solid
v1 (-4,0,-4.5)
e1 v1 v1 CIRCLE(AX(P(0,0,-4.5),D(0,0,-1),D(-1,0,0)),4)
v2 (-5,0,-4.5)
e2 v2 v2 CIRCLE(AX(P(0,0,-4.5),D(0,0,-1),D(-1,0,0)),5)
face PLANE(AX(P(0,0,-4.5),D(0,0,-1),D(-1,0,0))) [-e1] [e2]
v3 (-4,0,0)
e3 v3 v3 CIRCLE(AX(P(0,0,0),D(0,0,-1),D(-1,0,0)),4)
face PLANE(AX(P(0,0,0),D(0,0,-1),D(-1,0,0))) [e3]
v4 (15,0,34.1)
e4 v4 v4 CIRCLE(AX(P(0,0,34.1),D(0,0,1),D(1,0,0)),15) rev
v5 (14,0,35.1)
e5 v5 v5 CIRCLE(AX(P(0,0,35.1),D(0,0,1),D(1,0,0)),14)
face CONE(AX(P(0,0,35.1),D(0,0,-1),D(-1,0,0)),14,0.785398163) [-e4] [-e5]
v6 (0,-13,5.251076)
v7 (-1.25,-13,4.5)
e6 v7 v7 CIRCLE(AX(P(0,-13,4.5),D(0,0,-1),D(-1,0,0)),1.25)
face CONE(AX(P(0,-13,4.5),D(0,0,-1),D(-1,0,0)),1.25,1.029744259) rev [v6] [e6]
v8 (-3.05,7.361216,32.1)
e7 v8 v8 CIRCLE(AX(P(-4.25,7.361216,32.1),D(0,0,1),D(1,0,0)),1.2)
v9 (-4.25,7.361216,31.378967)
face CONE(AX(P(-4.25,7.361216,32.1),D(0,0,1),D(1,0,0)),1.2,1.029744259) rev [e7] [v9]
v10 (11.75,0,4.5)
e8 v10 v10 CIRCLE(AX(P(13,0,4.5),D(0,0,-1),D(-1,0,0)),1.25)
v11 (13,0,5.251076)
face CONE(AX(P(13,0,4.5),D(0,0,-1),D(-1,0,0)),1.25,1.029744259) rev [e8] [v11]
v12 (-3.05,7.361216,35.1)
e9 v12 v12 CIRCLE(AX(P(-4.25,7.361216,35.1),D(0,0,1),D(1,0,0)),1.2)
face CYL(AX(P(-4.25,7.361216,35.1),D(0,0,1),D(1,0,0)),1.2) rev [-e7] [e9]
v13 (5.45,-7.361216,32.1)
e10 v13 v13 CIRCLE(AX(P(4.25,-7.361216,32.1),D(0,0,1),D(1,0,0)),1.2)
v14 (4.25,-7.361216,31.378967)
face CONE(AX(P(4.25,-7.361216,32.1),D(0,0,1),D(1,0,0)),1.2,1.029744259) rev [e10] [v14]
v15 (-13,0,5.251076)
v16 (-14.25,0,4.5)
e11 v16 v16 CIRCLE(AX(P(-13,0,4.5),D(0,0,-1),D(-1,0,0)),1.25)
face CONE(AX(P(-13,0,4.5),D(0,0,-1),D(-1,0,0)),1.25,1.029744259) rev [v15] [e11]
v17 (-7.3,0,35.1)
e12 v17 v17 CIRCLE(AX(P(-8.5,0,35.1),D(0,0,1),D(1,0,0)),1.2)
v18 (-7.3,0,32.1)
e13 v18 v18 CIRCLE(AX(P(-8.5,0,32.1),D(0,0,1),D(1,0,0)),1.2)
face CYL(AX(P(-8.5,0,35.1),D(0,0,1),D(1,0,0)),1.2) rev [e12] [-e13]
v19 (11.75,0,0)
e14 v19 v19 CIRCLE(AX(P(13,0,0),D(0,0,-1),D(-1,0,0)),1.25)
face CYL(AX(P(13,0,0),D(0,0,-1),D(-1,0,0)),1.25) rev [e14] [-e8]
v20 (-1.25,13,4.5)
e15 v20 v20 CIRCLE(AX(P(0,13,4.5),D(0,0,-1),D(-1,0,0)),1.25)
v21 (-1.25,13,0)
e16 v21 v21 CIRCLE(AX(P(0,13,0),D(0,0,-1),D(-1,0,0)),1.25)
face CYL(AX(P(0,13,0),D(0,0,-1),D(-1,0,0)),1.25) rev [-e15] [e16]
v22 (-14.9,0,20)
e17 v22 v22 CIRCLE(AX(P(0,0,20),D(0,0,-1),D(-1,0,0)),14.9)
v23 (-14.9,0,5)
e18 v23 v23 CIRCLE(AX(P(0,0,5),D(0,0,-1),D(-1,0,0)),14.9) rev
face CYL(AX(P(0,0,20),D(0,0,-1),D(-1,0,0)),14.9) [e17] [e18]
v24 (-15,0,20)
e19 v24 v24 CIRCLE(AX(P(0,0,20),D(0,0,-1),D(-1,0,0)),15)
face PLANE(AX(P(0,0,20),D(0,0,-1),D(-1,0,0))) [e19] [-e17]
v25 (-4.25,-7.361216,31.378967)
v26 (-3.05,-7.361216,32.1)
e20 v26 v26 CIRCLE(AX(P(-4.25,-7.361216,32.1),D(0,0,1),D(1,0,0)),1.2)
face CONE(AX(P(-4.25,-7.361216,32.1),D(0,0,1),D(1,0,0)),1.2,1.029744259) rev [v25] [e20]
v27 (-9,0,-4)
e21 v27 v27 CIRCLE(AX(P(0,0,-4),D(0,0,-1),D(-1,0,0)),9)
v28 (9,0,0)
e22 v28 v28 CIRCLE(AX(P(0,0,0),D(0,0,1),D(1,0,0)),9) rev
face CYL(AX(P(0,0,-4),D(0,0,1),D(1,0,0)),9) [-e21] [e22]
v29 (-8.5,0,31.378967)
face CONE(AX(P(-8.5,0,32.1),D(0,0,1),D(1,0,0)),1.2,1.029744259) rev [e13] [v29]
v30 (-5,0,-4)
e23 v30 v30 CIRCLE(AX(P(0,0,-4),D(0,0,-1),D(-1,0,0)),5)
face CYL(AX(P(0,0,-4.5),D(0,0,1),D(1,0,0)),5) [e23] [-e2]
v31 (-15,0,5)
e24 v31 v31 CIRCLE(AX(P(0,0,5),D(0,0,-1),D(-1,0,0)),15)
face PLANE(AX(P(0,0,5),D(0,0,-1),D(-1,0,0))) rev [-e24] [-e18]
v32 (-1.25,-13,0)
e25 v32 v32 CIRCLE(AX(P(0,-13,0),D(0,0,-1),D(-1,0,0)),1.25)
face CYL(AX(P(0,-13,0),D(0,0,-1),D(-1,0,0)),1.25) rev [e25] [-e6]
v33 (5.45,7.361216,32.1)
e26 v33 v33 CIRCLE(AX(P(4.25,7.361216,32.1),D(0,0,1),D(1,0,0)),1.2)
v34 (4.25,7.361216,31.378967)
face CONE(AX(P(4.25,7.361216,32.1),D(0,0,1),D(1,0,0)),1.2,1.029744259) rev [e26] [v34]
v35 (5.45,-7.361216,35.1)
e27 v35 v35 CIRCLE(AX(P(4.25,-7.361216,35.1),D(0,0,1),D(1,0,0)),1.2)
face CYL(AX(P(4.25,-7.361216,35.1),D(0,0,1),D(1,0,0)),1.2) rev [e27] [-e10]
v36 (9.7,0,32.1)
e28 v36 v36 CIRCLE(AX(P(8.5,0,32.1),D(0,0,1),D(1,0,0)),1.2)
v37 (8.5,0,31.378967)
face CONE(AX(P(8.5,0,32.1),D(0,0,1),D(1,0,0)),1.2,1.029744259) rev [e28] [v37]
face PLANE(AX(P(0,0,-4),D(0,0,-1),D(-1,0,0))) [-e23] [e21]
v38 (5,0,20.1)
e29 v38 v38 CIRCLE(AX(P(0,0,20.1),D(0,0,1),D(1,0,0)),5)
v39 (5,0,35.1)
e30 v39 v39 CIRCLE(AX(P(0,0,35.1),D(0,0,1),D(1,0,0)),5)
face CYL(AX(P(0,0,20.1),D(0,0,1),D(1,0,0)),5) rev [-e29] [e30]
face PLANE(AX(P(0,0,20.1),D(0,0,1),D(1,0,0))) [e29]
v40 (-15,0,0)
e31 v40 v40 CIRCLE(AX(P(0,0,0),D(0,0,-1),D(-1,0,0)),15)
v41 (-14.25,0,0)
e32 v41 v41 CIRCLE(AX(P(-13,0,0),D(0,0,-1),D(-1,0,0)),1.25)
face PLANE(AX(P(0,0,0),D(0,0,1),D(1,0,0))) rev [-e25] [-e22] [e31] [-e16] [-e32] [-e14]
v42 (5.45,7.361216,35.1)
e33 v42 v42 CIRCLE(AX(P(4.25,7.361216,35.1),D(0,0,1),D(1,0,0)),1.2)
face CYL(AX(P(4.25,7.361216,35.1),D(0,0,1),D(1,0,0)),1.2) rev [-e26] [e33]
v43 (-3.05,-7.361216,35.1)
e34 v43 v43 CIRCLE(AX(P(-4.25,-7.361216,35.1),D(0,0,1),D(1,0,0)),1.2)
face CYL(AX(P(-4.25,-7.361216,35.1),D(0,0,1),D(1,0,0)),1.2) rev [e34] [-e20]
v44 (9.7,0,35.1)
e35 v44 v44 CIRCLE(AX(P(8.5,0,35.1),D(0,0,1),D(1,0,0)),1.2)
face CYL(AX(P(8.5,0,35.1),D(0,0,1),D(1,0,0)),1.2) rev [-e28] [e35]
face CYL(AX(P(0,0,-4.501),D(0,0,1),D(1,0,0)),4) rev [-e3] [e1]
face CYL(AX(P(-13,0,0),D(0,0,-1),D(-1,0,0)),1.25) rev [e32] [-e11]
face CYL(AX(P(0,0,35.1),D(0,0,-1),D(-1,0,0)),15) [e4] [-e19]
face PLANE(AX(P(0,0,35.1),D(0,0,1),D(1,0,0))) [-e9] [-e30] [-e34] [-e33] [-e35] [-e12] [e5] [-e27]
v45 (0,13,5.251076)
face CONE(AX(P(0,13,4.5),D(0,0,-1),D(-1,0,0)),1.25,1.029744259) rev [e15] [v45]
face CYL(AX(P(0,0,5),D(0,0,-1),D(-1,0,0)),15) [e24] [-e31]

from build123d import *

# Parameters (mm, degrees)
ESQUISSE1_R             = 15
EXTRUSION1_DEPTH        = 35.1
ESQUISSE2_R             = 9
EXTRUSION2_DEPTH        = 4
ESQUISSE3_R             = 5
EXTRUSION3_DEPTH        = 0.5
CHANFREIN1_SIZE         = 1
ENL_V_MAT_EXTRU_1_REACH = 6.5
ESQUISSE7_R             = 4
ESQUISSE8_R             = 15
ESQUISSE8_R_2           = 14.9
ENL_V_MAT_EXTRU_2_DEPTH = 20
ESQUISSE9_R             = 15
EXTRUSION4_DEPTH        = 5
TROU_TARAUD_M31_D       = 2.5
TROU_TARAUD_M31_DEPTH   = 4.5
TROU_TARAUD_M31_TIP     = 0.751075774
ESQUISSE10_R            = 5
ENL_V_MAT_EXTRU_3_DEPTH = 15
D_GAGEMENT_M21_D        = 2.4
D_GAGEMENT_M21_DEPTH    = 3
D_GAGEMENT_M21_TIP      = 0.721032743


with BuildPart() as part:
    # Esquisse1 → Extrusion1 (new body)
    with BuildSketch(Plane.XY):
        Circle(ESQUISSE1_R)
    extrude(amount=EXTRUSION1_DEPTH)

    # Esquisse2 → Extrusion2 (add)
    with BuildSketch(Plane(origin=(0, 0, 0), x_dir=(-1, 0, 0), z_dir=(0, 0, -1))):
        Circle(ESQUISSE2_R)
    extrude(amount=EXTRUSION2_DEPTH)

    # Esquisse3 → Extrusion3 (add)
    with BuildSketch(Plane(origin=(0, 0, -4), x_dir=(-1, 0, 0), z_dir=(0, 0, -1))):
        Circle(ESQUISSE3_R)
    extrude(amount=EXTRUSION3_DEPTH)

    # Chanfrein1
    chanfrein1_edges = [part.edges().sort_by_distance(p)[0] for p in [
        (-15, 0, 35.1),
    ]]
    chamfer(chanfrein1_edges, length=CHANFREIN1_SIZE)

    # Esquisse7 → Enlèv. mat.-Extru.1 (cut, up to next)
    with BuildSketch(Plane(origin=(0, 0, 0), x_dir=(-1, 0, 0), z_dir=(0, 0, -1)), mode=Mode.PRIVATE) as enl_v_mat_extru_1_sk1:
        Circle(ESQUISSE7_R)
    enl_v_mat_extru_1_tool1 = extrude(enl_v_mat_extru_1_sk1.sketch, amount=ENL_V_MAT_EXTRU_1_REACH, mode=Mode.PRIVATE) & part.part
    add(enl_v_mat_extru_1_tool1.solids().sort_by_distance((0, 0, 0))[0], mode=Mode.SUBTRACT)

    # Esquisse8 → Enlèv. mat.-Extru.2 (cut)
    with BuildSketch(Plane(origin=(0, 0, 0), x_dir=(-1, 0, 0), z_dir=(0, 0, -1))):
        Circle(ESQUISSE8_R)
        Circle(ESQUISSE8_R_2, mode=Mode.SUBTRACT)
    extrude(amount=-ENL_V_MAT_EXTRU_2_DEPTH, mode=Mode.SUBTRACT)

    # Esquisse9 → Extrusion4 (add)
    with BuildSketch(Plane(origin=(0, 0, 0), x_dir=(-1, 0, 0), z_dir=(0, 0, -1))):
        Circle(ESQUISSE9_R)
    extrude(amount=-EXTRUSION4_DEPTH)

    # Trou taraudé M31
    with Locations(Plane(origin=(0, 0, 0), x_dir=(-1, 0, 0), z_dir=(0, 0, -1))):
        with Locations((13, 0), (0, 13), (-13, 0), (0, -13)):
            Hole(TROU_TARAUD_M31_D / 2, depth=TROU_TARAUD_M31_DEPTH)
            with Locations((0, 0, -(TROU_TARAUD_M31_DEPTH + TROU_TARAUD_M31_TIP / 2))):  # 118° drill point
                Cone(0, TROU_TARAUD_M31_D / 2, TROU_TARAUD_M31_TIP, mode=Mode.SUBTRACT)

    # Esquisse10 → Enlèv. mat.-Extru.3 (cut)
    with BuildSketch(Plane.XY.offset(35.1)):
        Circle(ESQUISSE10_R)
    extrude(amount=-ENL_V_MAT_EXTRU_3_DEPTH, mode=Mode.SUBTRACT)

    # Dégagement M21
    with Locations(Plane.XY.offset(35.1)):
        with Locations((4.25, -7.361215932), (-4.25, -7.361215932), (-8.5, 0), (-4.25, 7.361215932), (4.25, 7.361215932), (8.5, 0)):
            Hole(D_GAGEMENT_M21_D / 2, depth=D_GAGEMENT_M21_DEPTH)
            with Locations((0, 0, -(D_GAGEMENT_M21_DEPTH + D_GAGEMENT_M21_TIP / 2))):  # 118° drill point
                Cone(0, D_GAGEMENT_M21_D / 2, D_GAGEMENT_M21_TIP, mode=Mode.SUBTRACT)


solid = part.part
